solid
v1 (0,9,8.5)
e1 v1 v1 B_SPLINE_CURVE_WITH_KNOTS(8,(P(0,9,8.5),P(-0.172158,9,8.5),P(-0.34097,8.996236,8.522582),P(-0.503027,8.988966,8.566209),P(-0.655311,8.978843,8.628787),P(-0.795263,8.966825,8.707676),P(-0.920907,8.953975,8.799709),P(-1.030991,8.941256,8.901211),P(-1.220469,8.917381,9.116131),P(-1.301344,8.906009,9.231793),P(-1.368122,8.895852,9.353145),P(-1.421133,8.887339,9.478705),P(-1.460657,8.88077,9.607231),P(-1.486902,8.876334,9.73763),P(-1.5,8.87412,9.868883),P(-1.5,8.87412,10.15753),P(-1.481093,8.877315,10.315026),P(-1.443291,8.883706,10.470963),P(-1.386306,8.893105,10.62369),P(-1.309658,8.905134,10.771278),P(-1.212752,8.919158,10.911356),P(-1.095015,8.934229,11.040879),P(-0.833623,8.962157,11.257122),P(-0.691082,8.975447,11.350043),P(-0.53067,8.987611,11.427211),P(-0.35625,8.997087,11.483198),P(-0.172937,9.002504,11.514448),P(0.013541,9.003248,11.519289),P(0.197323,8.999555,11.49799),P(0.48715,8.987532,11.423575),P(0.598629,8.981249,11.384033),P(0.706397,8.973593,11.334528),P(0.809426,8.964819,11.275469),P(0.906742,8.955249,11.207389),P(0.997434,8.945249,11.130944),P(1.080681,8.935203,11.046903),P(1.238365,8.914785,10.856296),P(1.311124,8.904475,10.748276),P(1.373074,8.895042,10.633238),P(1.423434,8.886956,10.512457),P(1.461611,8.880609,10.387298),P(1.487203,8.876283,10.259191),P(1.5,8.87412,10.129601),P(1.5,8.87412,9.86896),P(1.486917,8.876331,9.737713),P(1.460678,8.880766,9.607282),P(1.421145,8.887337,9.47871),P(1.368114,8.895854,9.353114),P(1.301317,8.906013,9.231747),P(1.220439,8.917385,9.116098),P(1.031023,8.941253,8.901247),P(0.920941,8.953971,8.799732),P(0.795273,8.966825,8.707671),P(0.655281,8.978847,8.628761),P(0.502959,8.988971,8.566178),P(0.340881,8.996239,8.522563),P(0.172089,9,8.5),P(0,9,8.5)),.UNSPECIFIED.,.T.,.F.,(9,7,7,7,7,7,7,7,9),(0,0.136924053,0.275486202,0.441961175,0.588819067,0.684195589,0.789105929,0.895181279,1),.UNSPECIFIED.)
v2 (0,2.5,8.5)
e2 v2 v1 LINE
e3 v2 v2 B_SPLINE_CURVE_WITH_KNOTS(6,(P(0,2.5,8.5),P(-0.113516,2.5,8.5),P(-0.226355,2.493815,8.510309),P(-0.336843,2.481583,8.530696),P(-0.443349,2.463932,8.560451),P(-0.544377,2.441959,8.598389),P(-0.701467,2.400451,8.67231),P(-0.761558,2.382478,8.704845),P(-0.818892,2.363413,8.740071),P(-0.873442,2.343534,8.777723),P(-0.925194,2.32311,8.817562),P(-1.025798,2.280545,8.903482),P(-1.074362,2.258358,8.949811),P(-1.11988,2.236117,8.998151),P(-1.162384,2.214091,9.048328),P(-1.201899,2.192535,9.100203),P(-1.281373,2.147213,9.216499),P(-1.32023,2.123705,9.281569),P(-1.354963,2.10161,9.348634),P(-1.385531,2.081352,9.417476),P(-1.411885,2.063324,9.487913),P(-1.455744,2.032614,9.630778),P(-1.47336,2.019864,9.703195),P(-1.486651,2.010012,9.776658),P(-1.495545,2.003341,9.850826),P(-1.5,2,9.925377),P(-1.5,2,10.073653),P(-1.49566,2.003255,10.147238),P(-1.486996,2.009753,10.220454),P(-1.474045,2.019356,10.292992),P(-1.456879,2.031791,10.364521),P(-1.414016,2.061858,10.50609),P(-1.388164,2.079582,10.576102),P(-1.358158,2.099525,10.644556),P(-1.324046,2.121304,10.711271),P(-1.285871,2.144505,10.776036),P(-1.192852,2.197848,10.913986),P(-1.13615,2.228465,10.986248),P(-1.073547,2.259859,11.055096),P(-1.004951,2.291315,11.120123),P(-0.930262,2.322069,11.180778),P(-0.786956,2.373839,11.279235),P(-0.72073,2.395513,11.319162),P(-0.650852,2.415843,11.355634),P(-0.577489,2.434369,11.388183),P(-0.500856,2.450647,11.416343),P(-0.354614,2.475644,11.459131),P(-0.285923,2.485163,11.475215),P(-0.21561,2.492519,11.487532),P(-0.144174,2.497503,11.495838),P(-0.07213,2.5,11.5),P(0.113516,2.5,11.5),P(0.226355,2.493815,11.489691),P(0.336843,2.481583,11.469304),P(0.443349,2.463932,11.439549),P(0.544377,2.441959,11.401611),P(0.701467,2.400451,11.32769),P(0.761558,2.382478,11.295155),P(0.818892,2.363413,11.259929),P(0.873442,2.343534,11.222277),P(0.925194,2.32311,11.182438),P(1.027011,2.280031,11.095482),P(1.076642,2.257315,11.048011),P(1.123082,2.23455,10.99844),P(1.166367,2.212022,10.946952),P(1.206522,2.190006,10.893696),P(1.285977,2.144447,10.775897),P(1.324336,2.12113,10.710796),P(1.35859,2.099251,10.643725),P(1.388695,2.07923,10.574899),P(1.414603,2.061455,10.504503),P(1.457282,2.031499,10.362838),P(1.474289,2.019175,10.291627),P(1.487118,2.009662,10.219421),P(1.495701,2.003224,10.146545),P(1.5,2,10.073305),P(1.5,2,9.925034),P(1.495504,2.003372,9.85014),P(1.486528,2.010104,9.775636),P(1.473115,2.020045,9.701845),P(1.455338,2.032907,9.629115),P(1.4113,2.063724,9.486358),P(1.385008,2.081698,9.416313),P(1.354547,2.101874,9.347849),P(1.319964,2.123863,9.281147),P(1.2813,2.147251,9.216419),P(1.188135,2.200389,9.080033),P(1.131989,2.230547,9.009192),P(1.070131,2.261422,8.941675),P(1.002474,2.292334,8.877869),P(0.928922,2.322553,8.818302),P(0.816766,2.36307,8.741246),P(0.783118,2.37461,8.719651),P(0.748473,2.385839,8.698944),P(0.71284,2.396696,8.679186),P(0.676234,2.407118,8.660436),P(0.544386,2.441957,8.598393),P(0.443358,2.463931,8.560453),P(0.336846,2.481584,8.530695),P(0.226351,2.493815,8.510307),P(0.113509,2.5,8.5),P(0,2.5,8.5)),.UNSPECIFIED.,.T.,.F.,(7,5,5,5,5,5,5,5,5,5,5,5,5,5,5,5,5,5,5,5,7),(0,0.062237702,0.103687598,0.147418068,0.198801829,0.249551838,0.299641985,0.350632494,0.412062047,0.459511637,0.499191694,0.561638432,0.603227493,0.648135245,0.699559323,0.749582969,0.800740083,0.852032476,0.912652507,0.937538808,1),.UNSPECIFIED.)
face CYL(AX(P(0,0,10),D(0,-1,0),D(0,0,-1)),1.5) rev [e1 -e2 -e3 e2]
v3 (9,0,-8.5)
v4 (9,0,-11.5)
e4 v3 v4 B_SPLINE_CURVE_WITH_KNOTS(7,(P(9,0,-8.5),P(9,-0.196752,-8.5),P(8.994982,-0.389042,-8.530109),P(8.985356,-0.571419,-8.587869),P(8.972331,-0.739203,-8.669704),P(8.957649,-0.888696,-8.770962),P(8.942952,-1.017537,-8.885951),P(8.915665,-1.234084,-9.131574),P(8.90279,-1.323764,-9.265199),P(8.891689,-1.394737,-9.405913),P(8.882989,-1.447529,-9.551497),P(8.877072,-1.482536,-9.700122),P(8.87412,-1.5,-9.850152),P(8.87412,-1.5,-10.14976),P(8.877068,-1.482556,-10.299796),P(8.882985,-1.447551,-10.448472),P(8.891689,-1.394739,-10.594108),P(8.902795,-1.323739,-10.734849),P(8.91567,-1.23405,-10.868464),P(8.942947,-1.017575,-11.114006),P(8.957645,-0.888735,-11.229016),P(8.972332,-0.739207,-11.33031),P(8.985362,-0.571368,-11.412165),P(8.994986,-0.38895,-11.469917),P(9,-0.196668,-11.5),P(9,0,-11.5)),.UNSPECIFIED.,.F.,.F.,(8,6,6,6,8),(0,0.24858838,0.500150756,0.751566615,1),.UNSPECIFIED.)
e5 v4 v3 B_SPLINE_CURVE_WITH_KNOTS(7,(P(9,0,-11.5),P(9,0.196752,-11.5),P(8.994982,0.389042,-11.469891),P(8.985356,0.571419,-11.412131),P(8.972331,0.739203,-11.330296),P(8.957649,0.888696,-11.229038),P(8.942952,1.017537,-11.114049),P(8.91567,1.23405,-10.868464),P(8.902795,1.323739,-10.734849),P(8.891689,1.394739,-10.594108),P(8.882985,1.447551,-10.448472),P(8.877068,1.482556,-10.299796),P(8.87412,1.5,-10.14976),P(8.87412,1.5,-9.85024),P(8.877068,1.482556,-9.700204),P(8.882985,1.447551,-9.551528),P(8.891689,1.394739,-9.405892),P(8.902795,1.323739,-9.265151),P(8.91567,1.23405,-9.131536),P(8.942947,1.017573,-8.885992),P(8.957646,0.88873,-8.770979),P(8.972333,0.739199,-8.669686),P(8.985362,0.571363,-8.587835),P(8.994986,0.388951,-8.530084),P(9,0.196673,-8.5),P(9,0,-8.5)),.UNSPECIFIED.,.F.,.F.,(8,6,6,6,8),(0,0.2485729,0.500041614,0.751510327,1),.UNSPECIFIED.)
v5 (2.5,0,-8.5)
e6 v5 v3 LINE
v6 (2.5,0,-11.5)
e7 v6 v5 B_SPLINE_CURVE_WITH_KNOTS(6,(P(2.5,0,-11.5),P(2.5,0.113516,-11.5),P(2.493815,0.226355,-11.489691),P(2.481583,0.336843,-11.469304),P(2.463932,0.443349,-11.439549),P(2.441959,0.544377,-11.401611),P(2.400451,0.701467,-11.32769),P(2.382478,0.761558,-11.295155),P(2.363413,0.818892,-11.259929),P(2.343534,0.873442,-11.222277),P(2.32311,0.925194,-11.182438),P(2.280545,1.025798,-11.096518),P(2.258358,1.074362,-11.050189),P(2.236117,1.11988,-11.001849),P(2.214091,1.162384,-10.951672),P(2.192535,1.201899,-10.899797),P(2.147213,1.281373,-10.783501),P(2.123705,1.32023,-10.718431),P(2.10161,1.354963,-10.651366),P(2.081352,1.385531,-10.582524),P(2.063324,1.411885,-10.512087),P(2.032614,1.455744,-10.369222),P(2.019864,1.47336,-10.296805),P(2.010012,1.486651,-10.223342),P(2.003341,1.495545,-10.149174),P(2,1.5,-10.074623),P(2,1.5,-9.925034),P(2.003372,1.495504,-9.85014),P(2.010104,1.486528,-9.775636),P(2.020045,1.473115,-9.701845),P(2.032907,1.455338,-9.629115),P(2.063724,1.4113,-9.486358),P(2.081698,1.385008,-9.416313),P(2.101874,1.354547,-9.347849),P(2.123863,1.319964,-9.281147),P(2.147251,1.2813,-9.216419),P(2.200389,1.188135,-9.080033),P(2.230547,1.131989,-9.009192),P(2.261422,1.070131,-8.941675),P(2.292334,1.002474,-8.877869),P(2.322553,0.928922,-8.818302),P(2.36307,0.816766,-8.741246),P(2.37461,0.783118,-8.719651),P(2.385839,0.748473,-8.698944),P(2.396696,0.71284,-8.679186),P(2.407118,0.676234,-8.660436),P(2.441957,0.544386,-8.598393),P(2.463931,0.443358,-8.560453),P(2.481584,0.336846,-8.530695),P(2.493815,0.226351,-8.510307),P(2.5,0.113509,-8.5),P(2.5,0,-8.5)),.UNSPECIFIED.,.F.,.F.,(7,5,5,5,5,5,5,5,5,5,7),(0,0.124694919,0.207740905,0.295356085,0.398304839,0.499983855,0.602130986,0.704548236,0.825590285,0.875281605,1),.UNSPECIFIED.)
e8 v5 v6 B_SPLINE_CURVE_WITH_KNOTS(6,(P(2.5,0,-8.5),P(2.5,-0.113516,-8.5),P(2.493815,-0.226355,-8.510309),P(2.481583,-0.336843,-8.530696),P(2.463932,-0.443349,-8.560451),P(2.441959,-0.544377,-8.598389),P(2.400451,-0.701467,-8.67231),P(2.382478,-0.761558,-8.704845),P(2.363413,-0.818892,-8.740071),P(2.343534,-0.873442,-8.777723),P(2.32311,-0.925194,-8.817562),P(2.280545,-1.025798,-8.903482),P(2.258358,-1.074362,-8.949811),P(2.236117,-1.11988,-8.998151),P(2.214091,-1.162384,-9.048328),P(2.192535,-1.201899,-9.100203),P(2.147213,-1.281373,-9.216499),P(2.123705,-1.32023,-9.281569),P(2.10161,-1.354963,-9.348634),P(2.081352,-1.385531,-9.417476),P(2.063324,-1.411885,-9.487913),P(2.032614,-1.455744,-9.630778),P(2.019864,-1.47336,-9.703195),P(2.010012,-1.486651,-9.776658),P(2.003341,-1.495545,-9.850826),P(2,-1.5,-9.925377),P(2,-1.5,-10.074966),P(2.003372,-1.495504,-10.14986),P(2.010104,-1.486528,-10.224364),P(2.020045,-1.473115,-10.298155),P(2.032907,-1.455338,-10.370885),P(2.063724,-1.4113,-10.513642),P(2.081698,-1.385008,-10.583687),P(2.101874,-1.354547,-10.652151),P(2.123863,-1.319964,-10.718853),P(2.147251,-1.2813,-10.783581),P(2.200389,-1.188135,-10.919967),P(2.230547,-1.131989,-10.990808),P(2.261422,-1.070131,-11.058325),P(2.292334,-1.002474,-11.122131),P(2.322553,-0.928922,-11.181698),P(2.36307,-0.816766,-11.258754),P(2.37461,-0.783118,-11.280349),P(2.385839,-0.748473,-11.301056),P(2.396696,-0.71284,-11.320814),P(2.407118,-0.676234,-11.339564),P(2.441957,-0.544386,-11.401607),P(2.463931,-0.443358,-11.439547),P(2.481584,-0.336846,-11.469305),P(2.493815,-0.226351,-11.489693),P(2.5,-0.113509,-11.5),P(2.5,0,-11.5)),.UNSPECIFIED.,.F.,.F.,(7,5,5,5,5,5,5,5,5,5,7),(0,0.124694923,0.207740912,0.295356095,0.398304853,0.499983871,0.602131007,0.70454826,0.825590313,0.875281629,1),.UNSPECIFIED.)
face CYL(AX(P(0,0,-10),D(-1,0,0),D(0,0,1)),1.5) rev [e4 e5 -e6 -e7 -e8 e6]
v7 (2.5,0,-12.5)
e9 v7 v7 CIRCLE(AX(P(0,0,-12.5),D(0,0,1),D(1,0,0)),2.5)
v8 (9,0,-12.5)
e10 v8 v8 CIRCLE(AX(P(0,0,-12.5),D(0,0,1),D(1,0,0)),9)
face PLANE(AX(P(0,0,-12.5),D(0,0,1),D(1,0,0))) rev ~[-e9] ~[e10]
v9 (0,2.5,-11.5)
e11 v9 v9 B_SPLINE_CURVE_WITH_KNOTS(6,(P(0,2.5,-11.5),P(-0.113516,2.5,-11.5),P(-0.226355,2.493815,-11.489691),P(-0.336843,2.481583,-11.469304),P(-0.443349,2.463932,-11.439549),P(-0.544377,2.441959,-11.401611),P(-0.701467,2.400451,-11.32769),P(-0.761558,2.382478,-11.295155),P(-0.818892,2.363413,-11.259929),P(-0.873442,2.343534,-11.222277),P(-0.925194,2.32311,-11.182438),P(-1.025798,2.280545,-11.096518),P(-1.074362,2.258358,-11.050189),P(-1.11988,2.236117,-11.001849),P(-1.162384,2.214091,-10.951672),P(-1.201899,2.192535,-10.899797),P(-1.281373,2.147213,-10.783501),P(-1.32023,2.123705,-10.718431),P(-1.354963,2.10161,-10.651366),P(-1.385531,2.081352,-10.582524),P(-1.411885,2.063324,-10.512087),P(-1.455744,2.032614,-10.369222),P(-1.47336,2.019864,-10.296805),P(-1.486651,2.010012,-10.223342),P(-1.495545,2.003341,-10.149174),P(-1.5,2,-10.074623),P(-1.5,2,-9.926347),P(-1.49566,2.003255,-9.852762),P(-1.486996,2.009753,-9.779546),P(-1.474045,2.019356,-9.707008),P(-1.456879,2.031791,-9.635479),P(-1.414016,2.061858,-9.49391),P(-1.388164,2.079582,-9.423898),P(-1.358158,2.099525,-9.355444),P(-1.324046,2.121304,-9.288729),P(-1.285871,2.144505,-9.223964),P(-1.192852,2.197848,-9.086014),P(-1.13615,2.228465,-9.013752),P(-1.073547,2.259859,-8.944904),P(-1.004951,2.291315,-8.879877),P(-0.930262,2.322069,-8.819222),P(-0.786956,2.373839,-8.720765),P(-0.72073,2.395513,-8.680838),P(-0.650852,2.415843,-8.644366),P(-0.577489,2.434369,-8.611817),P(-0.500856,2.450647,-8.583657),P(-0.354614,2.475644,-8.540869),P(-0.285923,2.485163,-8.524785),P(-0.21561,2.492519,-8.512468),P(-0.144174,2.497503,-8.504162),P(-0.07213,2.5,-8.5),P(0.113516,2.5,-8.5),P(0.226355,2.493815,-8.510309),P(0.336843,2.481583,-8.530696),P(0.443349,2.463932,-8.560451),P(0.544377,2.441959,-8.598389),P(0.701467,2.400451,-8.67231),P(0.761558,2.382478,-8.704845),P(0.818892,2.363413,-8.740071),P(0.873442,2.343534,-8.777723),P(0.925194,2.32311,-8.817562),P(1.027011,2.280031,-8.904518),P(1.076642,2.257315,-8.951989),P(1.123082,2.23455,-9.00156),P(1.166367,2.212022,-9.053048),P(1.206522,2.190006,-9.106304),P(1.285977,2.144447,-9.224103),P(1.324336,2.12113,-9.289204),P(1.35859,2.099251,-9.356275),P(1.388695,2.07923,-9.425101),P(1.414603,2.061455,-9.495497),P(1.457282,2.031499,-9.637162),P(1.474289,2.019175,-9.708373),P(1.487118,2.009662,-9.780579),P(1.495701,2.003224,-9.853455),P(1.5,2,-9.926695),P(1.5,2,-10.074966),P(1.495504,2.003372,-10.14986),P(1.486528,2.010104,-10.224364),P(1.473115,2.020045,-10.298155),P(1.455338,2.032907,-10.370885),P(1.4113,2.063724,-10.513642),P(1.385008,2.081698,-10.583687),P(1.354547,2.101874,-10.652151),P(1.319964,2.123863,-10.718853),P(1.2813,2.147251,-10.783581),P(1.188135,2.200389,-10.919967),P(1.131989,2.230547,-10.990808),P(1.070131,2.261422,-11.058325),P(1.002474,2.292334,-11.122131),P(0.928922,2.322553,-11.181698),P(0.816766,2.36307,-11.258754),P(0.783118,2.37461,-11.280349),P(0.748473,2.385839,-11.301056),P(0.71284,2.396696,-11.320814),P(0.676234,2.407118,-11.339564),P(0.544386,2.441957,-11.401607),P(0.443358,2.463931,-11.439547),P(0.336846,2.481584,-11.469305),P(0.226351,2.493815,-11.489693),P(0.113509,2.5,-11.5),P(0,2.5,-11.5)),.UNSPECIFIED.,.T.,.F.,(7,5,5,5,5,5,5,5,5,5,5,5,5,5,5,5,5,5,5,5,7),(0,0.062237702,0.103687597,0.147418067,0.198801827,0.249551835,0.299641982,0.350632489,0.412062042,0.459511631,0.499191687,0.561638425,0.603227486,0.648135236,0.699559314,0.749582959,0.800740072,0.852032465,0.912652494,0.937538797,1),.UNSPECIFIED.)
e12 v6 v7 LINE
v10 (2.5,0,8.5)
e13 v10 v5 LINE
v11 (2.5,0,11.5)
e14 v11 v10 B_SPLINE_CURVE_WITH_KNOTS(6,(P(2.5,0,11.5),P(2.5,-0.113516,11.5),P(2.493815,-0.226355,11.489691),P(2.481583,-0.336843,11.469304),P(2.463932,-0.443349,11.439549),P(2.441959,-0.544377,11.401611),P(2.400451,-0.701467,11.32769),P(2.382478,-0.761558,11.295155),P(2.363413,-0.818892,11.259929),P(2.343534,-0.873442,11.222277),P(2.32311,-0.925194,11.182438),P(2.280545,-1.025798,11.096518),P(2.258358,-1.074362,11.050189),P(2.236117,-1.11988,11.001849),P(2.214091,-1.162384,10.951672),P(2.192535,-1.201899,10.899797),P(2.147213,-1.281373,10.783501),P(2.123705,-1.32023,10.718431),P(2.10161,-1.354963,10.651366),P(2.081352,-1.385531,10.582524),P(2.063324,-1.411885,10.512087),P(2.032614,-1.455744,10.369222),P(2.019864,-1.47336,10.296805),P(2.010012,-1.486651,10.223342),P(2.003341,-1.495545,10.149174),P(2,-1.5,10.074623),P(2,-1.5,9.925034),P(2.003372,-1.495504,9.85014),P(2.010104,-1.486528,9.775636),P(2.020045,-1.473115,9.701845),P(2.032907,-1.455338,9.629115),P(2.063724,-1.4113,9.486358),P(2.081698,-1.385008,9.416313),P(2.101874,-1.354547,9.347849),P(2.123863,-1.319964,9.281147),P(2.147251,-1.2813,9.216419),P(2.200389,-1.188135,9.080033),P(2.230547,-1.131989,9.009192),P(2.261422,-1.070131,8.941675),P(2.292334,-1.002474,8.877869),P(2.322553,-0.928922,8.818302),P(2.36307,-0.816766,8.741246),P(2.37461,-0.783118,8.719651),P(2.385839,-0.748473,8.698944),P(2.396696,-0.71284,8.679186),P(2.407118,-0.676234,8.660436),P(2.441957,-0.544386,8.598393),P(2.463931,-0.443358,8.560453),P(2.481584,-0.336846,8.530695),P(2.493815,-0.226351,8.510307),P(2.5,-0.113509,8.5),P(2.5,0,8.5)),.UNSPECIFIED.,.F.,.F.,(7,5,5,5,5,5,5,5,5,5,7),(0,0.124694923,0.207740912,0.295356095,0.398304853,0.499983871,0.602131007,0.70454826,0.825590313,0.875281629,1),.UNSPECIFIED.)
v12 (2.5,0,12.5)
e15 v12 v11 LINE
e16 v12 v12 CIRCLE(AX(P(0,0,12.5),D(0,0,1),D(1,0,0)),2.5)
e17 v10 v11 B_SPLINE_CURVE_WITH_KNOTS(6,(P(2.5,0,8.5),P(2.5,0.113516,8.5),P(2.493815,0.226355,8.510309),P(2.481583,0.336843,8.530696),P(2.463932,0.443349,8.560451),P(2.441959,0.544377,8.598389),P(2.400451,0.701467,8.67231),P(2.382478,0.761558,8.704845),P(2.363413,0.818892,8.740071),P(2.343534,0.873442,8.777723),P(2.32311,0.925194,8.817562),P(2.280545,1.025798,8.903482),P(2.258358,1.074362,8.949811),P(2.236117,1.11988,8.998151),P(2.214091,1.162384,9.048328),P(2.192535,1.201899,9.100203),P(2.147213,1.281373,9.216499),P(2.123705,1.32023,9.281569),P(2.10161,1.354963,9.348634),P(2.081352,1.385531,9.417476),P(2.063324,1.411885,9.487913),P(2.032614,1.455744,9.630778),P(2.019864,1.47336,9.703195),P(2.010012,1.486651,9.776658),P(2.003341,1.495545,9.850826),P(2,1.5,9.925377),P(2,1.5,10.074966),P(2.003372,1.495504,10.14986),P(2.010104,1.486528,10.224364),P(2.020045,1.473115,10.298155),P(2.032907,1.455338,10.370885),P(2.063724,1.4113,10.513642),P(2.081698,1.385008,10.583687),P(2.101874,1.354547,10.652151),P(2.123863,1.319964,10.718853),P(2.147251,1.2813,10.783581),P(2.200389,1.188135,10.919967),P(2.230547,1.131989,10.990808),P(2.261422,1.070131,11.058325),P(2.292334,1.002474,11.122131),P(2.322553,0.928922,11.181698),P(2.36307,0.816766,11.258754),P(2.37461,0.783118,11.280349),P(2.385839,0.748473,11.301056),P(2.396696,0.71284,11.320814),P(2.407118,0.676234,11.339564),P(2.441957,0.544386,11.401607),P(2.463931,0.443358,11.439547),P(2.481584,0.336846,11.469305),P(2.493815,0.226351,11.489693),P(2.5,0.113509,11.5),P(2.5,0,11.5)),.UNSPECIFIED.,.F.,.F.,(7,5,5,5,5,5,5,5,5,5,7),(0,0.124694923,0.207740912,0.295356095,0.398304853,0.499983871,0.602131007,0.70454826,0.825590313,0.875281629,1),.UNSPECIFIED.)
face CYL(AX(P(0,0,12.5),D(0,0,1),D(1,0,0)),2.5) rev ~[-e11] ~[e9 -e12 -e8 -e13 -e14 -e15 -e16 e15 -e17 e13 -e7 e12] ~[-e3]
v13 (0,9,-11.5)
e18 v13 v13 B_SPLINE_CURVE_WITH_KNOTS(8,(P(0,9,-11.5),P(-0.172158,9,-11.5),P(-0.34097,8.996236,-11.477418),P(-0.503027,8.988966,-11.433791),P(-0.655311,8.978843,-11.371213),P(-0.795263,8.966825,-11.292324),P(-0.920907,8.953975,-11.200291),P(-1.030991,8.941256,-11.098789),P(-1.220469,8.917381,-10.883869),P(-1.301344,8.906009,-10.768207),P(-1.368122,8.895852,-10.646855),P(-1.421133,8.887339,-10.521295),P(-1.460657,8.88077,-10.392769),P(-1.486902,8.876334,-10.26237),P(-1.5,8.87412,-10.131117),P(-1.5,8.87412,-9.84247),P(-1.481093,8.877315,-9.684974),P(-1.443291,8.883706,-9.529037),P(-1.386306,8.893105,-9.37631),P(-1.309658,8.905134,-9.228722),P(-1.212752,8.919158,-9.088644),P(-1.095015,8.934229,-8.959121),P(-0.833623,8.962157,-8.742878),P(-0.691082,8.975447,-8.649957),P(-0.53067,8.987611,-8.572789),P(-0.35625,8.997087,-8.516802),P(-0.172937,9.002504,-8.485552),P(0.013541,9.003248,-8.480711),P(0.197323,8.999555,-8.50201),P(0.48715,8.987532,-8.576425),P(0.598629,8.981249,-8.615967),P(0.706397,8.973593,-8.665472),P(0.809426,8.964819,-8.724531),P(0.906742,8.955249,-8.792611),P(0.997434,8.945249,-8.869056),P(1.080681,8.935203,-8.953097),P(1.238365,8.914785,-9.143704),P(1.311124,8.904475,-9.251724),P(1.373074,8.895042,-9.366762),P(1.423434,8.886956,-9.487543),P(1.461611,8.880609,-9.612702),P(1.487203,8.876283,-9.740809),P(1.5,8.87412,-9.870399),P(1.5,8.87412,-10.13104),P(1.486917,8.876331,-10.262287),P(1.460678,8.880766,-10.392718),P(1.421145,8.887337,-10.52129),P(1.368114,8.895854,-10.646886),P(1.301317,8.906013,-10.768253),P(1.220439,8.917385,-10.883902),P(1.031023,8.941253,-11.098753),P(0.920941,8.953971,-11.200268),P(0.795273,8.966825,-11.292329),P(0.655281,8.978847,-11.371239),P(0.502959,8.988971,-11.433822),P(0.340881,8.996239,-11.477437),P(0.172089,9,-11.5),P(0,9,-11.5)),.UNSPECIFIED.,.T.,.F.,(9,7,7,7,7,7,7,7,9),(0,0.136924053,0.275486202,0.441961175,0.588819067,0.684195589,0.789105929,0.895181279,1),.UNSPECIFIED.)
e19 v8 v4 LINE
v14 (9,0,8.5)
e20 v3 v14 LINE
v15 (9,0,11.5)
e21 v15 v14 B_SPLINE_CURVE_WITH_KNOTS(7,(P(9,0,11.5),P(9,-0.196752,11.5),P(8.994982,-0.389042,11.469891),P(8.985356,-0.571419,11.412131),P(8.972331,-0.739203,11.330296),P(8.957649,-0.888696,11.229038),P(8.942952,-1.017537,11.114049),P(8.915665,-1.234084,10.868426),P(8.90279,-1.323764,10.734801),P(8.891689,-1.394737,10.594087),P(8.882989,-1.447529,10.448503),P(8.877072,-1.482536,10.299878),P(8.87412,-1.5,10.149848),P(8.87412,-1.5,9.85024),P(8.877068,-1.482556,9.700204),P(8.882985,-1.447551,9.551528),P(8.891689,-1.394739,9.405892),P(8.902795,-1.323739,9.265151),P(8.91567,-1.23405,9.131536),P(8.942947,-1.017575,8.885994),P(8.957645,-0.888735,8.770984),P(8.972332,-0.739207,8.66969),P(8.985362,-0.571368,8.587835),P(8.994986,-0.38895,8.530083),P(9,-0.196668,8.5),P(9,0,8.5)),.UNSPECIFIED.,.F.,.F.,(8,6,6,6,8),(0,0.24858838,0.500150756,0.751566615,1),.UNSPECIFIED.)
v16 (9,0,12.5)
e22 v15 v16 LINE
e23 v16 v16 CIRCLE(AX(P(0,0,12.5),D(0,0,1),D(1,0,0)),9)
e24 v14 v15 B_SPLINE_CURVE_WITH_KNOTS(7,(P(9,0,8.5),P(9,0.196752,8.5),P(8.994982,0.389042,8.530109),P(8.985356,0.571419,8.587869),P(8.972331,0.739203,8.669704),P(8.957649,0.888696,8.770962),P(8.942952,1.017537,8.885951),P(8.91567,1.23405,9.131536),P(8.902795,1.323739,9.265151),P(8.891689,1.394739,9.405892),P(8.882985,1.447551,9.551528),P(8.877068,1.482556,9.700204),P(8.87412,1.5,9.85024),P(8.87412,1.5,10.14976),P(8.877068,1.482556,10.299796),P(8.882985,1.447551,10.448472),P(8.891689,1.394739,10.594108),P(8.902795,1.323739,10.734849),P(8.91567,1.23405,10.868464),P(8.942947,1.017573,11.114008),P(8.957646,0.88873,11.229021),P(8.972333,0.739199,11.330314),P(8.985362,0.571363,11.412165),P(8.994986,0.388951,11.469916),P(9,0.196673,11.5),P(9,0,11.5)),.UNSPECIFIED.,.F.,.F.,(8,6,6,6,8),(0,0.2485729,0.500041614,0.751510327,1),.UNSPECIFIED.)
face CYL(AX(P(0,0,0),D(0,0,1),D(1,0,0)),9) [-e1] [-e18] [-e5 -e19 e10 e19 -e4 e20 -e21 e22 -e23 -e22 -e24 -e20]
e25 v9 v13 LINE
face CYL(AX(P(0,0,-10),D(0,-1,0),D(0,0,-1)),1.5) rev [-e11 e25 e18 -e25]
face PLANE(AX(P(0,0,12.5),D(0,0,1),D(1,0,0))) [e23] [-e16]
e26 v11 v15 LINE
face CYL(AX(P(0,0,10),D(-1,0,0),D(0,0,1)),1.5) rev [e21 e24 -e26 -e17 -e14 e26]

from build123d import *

# Parameters (mm, degrees)
SKETCH1_R           = 9
BOSS_EXTRUDE1_DEPTH = 12.5
SKETCH2_R           = 2.5
CUT_EXTRUDE1_DEPTH  = 29.053520278
SKETCH3_R           = 1.5
CUT_EXTRUDE2_DEPTH  = 18.839562775
SKETCH4_R           = 1.5
CUT_EXTRUDE3_DEPTH  = 18.839562946


with BuildPart() as part:
    # Sketch1 → Boss-Extrude1 (new, symmetric)
    with BuildSketch(Plane.XY):
        Circle(SKETCH1_R)
    extrude(amount=BOSS_EXTRUDE1_DEPTH, both=True)

    # Sketch2 → Cut-Extrude1 (cut, through all)
    with BuildSketch(Plane.XY.offset(12.5)):
        Circle(SKETCH2_R)
    extrude(amount=-CUT_EXTRUDE1_DEPTH, mode=Mode.SUBTRACT)

    # Sketch3 → Cut-Extrude2 (cut, through all)
    with BuildSketch(Plane(origin=(0, 0, 0), x_dir=(1, 0, 0), z_dir=(0, 1, 0))):
        with Locations(Location((0, 10, 0), (0, 0, 90))):
            Circle(SKETCH3_R)
        with Locations(Location((0, -10, 0), (0, 0, 90))):
            Circle(SKETCH3_R)
    extrude(amount=CUT_EXTRUDE2_DEPTH, mode=Mode.SUBTRACT)

    # Sketch4 → Cut-Extrude3 (cut, through all)
    with BuildSketch(Plane(origin=(0, 0, 0), x_dir=(0, 0, -1), z_dir=(1, 0, 0))):
        with Locations(Location((-10, 0, 0), (0, 0, 180))):
            Circle(SKETCH4_R)
        with Locations(Location((10, 0, 0), (0, 0, 180))):
            Circle(SKETCH4_R)
    extrude(amount=CUT_EXTRUDE3_DEPTH, mode=Mode.SUBTRACT)


solid = part.part
